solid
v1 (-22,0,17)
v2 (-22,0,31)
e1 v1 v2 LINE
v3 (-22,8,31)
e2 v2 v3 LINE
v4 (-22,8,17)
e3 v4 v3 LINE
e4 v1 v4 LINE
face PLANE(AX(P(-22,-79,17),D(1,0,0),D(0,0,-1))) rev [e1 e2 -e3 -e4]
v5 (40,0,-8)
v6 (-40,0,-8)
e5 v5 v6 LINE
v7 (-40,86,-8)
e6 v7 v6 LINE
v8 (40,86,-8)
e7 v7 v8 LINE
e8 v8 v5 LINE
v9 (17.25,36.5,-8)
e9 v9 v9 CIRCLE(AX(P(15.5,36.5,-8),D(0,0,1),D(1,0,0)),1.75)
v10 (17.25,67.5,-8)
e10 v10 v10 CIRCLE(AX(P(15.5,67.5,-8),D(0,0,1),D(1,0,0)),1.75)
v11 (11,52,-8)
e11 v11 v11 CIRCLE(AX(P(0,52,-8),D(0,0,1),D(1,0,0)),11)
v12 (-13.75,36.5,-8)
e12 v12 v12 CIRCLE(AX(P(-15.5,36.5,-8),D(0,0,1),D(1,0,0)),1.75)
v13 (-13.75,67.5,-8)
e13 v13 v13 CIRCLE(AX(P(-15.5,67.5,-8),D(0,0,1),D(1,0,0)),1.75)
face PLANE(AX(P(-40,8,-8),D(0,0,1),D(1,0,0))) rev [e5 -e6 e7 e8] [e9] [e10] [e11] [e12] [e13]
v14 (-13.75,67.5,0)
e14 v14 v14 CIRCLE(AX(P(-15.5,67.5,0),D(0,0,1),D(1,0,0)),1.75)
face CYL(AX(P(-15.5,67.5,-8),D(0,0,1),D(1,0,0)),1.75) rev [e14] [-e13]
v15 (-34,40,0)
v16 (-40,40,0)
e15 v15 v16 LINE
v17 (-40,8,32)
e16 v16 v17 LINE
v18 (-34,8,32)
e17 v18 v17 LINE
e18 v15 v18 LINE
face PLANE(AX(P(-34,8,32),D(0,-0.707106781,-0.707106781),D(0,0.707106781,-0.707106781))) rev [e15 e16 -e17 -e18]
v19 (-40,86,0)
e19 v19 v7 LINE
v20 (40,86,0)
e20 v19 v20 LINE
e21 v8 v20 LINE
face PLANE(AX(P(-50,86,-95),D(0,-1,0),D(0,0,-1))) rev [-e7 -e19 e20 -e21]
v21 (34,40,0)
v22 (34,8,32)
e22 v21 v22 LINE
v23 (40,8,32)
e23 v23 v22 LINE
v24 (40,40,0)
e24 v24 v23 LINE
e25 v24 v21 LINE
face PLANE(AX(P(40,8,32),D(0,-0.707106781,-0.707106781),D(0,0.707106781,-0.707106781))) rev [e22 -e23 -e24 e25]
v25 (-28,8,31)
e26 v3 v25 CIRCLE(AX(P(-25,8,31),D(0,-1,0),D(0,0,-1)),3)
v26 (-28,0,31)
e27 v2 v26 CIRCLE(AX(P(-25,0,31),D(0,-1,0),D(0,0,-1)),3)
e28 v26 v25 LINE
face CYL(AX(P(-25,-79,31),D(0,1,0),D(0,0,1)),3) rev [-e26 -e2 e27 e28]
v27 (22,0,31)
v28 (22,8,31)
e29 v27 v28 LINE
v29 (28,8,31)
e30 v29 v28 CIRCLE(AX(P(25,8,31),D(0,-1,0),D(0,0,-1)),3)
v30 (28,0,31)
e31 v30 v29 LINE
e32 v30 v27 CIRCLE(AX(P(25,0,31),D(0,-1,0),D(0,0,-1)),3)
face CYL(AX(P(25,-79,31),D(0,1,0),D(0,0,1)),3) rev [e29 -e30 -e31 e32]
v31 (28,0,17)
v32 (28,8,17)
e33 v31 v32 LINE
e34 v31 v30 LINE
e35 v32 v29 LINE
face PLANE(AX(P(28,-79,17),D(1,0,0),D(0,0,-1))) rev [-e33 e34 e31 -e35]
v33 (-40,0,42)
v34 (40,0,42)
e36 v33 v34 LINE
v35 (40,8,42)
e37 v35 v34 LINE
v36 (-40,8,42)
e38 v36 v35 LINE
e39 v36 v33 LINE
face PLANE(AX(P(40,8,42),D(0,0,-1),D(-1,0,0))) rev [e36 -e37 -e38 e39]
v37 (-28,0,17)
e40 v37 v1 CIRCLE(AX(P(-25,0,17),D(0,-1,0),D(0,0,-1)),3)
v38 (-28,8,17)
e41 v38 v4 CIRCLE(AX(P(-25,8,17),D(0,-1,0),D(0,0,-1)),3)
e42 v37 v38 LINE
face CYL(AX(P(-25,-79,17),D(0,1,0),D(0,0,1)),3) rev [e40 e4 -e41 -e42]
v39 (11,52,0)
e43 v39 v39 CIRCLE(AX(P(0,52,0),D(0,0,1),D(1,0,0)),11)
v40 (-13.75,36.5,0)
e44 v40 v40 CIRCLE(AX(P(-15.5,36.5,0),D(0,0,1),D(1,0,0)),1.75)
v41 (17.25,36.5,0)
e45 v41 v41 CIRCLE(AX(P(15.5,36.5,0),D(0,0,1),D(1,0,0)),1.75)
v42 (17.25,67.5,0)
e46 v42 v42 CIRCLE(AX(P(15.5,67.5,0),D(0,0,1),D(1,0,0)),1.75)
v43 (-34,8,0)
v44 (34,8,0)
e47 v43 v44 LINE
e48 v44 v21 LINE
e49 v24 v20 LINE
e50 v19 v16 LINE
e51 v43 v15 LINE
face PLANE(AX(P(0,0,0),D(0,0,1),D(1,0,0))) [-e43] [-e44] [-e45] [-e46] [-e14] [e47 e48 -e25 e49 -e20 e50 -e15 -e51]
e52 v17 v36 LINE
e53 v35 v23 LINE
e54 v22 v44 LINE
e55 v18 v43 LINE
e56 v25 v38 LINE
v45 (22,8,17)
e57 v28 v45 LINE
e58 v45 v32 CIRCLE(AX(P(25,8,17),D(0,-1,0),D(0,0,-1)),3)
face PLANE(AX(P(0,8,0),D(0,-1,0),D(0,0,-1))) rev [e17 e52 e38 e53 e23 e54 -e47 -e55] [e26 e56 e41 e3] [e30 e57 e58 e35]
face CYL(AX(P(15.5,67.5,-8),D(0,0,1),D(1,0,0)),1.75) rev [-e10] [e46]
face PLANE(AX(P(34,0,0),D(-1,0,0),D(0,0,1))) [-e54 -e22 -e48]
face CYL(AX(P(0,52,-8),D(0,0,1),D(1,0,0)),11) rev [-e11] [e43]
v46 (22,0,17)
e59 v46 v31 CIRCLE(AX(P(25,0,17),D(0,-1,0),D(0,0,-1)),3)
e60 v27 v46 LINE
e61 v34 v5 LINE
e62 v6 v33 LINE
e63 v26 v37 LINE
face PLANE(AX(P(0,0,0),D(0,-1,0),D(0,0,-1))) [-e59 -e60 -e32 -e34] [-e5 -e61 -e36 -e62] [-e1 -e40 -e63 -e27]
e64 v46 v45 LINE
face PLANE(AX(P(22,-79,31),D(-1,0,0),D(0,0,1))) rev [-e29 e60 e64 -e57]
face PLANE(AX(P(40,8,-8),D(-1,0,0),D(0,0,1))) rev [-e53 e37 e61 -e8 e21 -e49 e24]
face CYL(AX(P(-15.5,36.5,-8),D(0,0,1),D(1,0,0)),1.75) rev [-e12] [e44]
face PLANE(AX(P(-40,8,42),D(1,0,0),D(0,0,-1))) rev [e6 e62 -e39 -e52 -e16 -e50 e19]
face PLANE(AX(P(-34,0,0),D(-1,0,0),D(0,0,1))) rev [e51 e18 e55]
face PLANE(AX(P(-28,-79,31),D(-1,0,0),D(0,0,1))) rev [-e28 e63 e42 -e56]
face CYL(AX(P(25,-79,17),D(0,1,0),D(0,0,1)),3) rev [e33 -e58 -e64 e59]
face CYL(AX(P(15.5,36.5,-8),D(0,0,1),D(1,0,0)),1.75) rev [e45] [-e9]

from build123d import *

# Parameters (mm, degrees)
SKETCH_3_W          = 80
SKETCH_3_H          = 50
EXTRUDE_3_DEPTH     = 8
SKETCH_4_W          = 80
SKETCH_4_H          = 86
EXTRUDE_4_DEPTH     = 8
SKETCH_7_W          = 100
SKETCH_7_H          = 18
CUT_EXTRUDE_1_DEPTH = 95
CUT_EXTRUDE_2_DEPTH = 87
SKETCH_9_R          = 11
CUT_EXTRUDE_3_DEPTH = 104.730419839
SKETCH_10_R         = 1.75
CUT_EXTRUDE_4_DEPTH = 104.730419839
EXTRUDE_7_DEPTH     = 6
EXTRUDE_8_DEPTH     = 6


with BuildPart() as part:
    # 草图3 → 凸台-拉伸3 (new body)
    with BuildSketch(Plane(origin=(0, 0, 0), x_dir=(1, 0, 0), z_dir=(0, 1, 0))):
        with Locations((0, -17)):
            Rectangle(SKETCH_3_W, SKETCH_3_H)
    extrude(amount=EXTRUDE_3_DEPTH)

    # 草图4 → 凸台-拉伸4 (add)
    with BuildSketch(Plane.XY):
        with Locations((0, 51)):
            Rectangle(SKETCH_4_W, SKETCH_4_H)
    extrude(amount=-EXTRUDE_4_DEPTH)

    # 草图7 → 切除-拉伸1 (cut, symmetric)
    with BuildSketch(Plane.XY):
        with Locations((0, 95)):
            Rectangle(SKETCH_7_W, SKETCH_7_H)
    extrude(amount=CUT_EXTRUDE_1_DEPTH, both=True, mode=Mode.SUBTRACT)

    # 草图8 → 切除-拉伸2 (cut, symmetric)
    with BuildSketch(Plane(origin=(0, 8, 0), x_dir=(1, 0, 0), z_dir=(0, 1, 0))):
        with BuildLine():
            Line((-22, -17), (-22, -31))
            ThreePointArc((-22, -31), (-25, -34), (-28, -31))
            Line((-28, -31), (-28, -17))
            ThreePointArc((-28, -17), (-25, -14), (-22, -17))
        make_face()
        with BuildLine():
            Line((28, -17), (28, -31))
            ThreePointArc((28, -31), (25, -34), (22, -31))
            Line((22, -31), (22, -17))
            ThreePointArc((22, -17), (25, -14), (28, -17))
        make_face()
    extrude(amount=CUT_EXTRUDE_2_DEPTH, both=True, mode=Mode.SUBTRACT)

    # 草图9 → 切除-拉伸3 (cut, through all)
    with BuildSketch(Plane.XY):
        with Locations((0, 52)):
            Circle(SKETCH_9_R)
    extrude(amount=-CUT_EXTRUDE_3_DEPTH, mode=Mode.SUBTRACT)

    # 草图10 → 切除-拉伸4 (cut, through all)
    with BuildSketch(Plane.XY):
        with Locations((-15.5, 67.5)):
            Circle(SKETCH_10_R)
        with Locations((15.5, 67.5)):
            Circle(SKETCH_10_R)
        with Locations((-15.5, 36.5)):
            Circle(SKETCH_10_R)
        with Locations((15.5, 36.5)):
            Circle(SKETCH_10_R)
    extrude(amount=-CUT_EXTRUDE_4_DEPTH, mode=Mode.SUBTRACT)

    # 草图11 → 凸台-拉伸7 (add)
    with BuildSketch(Plane(origin=(-40, 0, 0), x_dir=(0, 0, -1), z_dir=(1, 0, 0))):
        Polygon((0, 8), (-32, 8), (0, 40), align=None)
    extrude(amount=EXTRUDE_7_DEPTH)

    # 草图12 → 凸台-拉伸8 (add)
    with BuildSketch(Plane(origin=(34, 0, 0), x_dir=(0, 0, -1), z_dir=(1, 0, 0))):
        Polygon((0, 8), (-32, 8), (0, 40), align=None)
    extrude(amount=EXTRUDE_8_DEPTH)


solid = part.part
